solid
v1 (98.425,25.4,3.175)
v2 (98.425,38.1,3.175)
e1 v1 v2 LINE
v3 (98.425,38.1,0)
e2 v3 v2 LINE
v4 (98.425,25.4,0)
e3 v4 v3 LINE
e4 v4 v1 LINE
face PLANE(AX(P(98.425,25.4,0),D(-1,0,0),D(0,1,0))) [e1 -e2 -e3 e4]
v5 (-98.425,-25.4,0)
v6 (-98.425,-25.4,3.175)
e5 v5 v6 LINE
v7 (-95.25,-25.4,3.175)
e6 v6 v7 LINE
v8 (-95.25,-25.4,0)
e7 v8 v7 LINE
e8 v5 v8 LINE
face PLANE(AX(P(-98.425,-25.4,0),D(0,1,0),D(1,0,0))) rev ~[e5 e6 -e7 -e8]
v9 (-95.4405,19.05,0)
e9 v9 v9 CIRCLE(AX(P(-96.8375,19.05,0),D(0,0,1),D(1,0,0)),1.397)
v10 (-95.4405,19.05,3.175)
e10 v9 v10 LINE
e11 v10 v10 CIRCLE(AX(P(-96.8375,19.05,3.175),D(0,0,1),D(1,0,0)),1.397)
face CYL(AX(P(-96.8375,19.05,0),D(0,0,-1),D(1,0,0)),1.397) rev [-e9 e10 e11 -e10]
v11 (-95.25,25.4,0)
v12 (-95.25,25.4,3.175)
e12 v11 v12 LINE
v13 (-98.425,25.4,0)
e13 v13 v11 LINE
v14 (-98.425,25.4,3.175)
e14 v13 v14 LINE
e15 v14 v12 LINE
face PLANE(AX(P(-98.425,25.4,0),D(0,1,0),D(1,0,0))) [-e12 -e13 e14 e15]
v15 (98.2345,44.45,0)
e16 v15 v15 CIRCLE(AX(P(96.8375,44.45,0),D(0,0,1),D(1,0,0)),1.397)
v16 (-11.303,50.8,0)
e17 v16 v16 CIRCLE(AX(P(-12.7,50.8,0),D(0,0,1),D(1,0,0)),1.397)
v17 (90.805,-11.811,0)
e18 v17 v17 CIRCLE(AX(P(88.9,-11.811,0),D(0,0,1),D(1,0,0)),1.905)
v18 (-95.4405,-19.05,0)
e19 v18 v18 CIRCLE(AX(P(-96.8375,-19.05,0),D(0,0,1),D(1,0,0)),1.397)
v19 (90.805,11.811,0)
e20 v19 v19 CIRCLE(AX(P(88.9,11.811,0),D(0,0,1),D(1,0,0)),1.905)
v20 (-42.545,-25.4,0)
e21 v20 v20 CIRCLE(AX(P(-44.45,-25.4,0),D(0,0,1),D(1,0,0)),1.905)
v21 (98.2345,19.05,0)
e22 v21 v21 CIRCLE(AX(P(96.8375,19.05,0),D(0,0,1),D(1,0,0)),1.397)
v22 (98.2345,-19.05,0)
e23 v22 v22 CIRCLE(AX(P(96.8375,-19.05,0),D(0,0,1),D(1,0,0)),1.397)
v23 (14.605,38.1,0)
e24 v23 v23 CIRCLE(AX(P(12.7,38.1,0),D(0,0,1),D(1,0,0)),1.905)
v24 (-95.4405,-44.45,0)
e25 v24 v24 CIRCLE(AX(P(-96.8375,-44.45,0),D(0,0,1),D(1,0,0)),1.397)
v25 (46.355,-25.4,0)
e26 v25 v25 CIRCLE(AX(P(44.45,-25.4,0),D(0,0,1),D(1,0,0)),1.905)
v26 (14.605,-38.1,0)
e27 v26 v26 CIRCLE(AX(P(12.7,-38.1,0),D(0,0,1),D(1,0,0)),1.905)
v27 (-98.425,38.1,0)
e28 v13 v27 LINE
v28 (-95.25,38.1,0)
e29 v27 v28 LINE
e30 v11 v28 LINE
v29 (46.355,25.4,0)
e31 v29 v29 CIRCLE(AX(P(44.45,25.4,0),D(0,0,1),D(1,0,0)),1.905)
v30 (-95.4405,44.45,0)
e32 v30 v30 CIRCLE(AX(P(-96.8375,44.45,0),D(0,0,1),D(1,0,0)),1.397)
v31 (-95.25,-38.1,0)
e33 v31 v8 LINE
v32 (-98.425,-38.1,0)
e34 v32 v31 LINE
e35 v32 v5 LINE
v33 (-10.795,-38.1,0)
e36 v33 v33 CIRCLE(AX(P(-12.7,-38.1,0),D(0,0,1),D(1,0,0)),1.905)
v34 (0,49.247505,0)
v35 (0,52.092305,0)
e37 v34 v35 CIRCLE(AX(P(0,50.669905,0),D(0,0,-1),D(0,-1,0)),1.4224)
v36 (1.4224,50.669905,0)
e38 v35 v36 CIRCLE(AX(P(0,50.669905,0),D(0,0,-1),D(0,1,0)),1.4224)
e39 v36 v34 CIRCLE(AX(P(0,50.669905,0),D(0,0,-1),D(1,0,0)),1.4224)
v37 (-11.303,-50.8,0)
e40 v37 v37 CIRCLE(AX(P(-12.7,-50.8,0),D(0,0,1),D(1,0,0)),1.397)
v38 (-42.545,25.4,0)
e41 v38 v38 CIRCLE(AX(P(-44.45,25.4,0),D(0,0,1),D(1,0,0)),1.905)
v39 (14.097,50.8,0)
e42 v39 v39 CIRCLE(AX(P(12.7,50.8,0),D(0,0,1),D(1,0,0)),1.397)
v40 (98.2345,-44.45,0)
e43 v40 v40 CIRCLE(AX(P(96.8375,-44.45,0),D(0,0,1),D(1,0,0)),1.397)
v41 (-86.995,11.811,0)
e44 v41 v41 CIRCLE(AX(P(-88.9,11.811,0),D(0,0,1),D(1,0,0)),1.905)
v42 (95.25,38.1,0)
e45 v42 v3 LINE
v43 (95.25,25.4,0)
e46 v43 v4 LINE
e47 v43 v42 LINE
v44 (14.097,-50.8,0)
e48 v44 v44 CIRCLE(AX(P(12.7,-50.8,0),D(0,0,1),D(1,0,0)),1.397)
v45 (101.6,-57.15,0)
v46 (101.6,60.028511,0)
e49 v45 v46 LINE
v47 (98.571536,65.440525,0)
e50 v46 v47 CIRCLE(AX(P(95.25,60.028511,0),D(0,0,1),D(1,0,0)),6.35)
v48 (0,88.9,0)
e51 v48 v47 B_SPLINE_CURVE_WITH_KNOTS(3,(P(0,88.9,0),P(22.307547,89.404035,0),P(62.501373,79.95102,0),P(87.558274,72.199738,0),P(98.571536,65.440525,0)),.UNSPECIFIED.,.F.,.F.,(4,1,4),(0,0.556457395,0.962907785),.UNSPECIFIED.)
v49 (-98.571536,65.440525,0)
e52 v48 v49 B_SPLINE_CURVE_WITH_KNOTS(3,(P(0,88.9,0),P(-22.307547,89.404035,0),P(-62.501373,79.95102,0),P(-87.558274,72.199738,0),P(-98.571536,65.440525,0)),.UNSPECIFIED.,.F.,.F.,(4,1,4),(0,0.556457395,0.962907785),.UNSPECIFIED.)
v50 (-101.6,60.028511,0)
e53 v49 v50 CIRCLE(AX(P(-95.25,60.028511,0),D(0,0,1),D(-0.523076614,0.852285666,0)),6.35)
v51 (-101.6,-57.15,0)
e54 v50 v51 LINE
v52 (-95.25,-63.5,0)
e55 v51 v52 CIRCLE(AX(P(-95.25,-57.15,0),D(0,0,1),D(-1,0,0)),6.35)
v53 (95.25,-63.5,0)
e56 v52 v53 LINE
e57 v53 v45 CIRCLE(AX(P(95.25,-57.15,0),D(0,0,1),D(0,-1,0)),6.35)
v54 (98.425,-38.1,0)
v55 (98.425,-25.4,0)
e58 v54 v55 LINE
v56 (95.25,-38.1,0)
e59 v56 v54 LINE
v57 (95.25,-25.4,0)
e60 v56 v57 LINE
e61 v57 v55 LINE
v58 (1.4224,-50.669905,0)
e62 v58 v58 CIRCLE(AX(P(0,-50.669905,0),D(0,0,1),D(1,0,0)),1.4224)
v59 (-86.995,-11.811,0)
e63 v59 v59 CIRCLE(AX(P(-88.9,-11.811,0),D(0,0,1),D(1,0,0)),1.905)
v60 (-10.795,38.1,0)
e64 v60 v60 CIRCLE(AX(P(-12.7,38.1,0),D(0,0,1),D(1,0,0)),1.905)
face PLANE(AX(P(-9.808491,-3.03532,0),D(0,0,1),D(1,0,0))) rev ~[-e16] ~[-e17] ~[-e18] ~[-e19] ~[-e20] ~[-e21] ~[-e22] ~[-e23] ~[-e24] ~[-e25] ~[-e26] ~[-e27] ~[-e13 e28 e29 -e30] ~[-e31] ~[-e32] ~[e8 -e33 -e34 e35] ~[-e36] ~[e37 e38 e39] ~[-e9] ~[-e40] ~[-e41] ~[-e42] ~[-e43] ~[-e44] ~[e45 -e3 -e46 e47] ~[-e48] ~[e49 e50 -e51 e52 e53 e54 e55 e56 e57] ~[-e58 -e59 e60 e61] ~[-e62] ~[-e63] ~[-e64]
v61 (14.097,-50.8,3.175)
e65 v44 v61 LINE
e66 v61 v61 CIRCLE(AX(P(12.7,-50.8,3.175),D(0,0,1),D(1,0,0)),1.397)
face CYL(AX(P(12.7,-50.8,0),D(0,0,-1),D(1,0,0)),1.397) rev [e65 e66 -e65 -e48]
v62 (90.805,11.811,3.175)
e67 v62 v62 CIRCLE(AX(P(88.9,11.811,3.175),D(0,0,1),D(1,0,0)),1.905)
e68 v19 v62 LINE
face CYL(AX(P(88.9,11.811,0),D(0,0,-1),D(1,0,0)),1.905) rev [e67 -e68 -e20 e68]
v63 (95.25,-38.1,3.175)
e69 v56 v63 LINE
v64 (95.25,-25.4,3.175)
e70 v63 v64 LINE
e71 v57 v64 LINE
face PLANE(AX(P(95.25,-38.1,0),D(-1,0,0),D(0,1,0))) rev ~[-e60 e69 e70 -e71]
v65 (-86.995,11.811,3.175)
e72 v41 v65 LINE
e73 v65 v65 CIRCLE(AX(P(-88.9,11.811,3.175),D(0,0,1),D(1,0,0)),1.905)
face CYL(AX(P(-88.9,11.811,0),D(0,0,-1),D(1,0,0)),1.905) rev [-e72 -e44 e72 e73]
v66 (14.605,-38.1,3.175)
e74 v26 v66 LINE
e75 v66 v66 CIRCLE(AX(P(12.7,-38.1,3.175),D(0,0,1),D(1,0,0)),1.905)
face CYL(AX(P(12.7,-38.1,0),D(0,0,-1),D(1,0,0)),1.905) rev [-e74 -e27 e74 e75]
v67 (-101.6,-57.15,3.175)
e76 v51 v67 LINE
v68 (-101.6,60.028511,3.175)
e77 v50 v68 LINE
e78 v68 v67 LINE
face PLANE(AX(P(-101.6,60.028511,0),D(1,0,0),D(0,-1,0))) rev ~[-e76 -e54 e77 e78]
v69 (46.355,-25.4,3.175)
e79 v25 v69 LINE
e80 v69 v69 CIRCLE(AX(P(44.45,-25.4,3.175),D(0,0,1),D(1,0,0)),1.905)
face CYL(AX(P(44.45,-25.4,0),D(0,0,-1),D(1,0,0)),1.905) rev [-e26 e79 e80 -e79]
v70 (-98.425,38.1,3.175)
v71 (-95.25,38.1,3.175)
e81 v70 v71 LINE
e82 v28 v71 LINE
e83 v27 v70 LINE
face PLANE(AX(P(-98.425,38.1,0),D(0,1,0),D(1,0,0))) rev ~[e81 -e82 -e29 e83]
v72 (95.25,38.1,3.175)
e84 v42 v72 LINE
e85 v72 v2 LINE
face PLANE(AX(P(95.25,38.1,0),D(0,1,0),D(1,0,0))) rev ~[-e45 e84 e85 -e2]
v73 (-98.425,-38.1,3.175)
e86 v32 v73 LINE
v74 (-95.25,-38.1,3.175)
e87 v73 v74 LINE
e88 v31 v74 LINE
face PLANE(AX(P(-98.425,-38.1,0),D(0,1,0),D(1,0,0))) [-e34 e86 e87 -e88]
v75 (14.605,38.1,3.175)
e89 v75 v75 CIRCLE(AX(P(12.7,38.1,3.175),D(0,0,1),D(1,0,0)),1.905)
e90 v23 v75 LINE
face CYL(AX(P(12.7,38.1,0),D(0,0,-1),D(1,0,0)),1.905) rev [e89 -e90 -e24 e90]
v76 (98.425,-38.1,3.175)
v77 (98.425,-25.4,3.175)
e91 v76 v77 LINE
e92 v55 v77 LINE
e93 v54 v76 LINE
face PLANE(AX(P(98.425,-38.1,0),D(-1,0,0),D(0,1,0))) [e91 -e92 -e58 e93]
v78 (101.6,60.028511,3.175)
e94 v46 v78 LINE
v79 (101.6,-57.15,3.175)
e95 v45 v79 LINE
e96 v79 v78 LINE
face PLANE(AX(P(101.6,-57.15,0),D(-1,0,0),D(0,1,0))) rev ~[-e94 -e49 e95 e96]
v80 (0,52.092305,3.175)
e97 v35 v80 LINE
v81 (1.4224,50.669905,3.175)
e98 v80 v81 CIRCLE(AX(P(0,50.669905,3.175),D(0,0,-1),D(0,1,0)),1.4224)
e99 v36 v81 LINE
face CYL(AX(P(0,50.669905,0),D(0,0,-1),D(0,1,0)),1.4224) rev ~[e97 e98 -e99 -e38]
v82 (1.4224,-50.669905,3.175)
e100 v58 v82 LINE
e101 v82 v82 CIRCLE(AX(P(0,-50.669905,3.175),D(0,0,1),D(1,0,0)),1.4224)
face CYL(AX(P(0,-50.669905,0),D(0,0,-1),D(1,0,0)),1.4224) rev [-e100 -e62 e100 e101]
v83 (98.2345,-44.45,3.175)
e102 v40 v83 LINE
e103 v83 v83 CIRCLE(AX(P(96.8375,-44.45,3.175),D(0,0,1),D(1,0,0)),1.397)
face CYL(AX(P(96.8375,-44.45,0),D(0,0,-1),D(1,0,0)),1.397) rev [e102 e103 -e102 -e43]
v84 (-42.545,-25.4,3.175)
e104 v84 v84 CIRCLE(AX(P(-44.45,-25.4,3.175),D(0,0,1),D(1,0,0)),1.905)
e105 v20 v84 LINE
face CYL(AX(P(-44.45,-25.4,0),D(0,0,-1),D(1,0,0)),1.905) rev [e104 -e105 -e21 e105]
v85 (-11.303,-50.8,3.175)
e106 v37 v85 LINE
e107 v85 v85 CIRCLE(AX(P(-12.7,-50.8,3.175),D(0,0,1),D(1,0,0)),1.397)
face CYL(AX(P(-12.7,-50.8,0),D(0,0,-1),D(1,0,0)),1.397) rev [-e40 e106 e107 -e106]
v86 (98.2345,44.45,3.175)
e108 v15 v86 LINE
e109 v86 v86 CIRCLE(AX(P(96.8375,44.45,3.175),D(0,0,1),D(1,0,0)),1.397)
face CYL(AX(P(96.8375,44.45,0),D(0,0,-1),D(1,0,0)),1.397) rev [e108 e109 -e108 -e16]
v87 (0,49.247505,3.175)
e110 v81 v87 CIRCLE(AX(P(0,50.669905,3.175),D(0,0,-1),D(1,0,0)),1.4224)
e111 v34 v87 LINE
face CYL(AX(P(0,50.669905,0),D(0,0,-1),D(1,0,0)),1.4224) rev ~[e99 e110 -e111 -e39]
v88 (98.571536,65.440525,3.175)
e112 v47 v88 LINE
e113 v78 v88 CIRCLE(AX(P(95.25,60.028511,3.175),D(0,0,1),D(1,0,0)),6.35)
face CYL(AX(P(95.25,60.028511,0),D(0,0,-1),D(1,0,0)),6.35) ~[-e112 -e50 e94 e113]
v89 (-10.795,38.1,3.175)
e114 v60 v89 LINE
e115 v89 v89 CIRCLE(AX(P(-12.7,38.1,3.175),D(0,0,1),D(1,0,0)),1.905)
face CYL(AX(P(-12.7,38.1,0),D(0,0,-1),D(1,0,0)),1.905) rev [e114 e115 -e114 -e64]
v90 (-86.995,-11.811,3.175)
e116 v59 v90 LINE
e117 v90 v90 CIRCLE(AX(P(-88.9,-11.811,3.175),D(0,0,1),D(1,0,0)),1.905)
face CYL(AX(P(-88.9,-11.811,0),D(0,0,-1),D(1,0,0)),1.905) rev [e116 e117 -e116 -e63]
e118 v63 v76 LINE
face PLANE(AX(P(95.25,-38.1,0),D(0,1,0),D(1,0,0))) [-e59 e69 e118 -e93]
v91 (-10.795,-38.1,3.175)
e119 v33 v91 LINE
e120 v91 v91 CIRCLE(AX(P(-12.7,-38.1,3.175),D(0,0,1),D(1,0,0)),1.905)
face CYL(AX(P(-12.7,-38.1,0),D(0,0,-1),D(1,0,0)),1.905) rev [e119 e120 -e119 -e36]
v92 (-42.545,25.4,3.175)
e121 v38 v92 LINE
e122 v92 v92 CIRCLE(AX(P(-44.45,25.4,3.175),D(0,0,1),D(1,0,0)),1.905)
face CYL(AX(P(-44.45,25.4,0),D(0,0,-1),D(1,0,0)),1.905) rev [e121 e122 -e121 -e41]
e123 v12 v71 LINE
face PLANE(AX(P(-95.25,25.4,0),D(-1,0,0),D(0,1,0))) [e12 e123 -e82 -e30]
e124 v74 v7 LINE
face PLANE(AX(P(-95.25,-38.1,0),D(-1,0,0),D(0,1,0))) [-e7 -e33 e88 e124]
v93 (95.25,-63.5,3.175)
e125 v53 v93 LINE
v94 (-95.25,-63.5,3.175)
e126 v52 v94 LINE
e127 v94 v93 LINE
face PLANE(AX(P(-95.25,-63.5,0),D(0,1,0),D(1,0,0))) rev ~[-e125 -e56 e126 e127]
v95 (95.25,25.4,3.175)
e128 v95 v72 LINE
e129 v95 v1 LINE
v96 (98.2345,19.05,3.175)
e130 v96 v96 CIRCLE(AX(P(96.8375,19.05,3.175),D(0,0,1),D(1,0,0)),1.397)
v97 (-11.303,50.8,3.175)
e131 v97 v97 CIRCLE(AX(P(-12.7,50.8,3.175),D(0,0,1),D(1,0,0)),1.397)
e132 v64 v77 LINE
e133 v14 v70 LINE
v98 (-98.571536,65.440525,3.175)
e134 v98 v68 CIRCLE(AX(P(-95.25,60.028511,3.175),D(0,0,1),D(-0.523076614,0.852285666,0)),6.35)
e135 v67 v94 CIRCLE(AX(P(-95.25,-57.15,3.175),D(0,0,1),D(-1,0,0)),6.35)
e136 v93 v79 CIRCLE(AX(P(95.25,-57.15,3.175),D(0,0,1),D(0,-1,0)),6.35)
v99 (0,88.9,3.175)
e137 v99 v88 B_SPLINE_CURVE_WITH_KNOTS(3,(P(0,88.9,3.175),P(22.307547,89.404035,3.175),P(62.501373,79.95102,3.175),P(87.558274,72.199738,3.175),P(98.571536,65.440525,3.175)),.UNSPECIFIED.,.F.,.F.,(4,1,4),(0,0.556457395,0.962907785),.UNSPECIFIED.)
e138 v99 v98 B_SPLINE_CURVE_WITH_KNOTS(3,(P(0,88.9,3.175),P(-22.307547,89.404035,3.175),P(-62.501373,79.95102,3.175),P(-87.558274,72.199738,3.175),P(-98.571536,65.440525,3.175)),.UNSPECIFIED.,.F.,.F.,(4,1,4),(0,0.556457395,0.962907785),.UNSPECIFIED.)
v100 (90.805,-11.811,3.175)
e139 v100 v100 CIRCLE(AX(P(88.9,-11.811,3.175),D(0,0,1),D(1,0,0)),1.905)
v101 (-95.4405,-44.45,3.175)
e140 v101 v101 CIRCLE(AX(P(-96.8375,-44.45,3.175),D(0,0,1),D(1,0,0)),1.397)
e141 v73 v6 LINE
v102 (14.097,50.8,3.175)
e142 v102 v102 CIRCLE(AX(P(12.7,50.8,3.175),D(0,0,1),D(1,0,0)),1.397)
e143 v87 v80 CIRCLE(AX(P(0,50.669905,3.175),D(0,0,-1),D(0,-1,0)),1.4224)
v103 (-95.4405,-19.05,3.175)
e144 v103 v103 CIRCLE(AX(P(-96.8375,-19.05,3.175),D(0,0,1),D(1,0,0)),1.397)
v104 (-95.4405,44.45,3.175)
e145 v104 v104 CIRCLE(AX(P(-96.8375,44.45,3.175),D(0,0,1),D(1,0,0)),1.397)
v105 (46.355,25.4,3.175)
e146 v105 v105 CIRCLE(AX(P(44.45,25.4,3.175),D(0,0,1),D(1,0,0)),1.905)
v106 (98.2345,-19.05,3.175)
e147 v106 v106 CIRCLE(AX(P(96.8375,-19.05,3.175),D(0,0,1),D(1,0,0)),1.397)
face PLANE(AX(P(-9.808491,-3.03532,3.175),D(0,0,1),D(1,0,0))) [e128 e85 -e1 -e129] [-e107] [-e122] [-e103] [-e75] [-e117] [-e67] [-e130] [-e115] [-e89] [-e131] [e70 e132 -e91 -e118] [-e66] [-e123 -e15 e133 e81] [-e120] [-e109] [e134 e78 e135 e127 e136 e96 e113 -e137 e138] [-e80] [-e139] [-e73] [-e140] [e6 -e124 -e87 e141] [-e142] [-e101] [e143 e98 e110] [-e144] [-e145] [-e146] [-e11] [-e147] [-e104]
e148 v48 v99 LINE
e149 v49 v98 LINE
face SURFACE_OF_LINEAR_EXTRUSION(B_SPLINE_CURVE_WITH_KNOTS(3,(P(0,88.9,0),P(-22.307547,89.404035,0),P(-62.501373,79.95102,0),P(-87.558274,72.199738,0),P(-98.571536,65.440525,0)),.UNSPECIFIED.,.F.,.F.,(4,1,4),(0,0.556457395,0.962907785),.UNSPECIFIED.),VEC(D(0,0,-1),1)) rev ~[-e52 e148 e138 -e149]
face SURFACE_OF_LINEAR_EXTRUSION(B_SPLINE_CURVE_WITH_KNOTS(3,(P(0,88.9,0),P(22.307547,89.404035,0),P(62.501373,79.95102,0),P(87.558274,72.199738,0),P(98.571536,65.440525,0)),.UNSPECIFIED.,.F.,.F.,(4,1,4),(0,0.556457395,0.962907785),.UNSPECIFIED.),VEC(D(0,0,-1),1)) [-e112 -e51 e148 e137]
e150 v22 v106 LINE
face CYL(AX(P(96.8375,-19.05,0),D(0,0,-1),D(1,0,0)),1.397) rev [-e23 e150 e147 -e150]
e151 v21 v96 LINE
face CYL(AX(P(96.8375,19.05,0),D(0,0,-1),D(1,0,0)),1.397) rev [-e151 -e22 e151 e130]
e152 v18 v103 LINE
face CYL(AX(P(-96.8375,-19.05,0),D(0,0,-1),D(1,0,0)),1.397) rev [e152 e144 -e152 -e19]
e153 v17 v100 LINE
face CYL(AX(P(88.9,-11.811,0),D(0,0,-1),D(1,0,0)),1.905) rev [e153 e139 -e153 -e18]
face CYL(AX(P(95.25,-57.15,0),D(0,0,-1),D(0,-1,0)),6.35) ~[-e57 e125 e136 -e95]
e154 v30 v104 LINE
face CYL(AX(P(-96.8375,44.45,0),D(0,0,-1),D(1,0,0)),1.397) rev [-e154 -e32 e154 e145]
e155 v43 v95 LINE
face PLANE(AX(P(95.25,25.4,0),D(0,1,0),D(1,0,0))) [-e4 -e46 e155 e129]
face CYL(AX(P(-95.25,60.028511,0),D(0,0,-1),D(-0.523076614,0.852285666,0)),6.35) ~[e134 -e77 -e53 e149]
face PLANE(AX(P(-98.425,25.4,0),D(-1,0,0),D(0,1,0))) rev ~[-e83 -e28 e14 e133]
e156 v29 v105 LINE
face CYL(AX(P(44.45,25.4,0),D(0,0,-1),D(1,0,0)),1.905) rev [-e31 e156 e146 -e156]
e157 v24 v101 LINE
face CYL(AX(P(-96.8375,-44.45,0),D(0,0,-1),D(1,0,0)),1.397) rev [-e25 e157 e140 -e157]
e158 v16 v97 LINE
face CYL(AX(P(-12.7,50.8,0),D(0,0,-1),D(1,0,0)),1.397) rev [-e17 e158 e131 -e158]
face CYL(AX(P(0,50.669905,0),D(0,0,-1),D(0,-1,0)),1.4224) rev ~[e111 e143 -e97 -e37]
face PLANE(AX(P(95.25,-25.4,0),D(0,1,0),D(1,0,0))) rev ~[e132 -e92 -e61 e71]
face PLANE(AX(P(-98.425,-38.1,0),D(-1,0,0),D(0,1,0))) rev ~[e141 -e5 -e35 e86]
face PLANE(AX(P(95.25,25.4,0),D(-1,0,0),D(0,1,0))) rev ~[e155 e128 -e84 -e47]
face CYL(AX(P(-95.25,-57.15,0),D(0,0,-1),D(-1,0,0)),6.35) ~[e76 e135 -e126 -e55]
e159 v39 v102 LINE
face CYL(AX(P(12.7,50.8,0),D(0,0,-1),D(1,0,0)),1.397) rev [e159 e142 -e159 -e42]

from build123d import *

# Parameters (mm, degrees)
F0_R     = 1.397
F0_W     = 3.175
F0_H     = 12.7
F0_R_2   = 1.4224
F0_R_3   = 1.905
F1_DEPTH = 3.175


with BuildPart() as f1:
    # F0 (on Top) → F1 (new body)
    with BuildSketch(Plane.XY):
        with BuildLine():
            Line((-95.25, -63.5), (95.25, -63.5))
            ThreePointArc((95.25, -63.5), (99.7401280605, -61.6401280605), (101.6, -57.15))
            Line((101.6, -57.15), (101.6, 0))
            Line((101.6, 0), (0, 0))
            Line((0, 0), (0, 49.2475047983))
            ThreePointArc((0, 49.2475047983), (-1.4224, 50.6699047983), (0, 52.0923047983))
            Line((0, 52.0923047983), (0, 88.9))
            add(Edge.make_bspline(
                [(0, 88.9), (-22.307546719, 89.4040349064), (-62.5013734253, 79.9510204746), (-87.5582739582, 72.1997381186), (-98.5715364978, 65.4405254416)],
                knots=[0, 0, 0, 0, 0.5564573949, 0.9629077854, 0.9629077854, 0.9629077854, 0.9629077854], degree=3))
            ThreePointArc((-98.5715364978, 65.4405254416), (-100.7914013012, 63.1293777332), (-101.6, 60.028511464))
            Line((-101.6, 60.028511464), (-101.6, -57.15))
            ThreePointArc((-101.6, -57.15), (-99.7401280605, -61.6401280605), (-95.25, -63.5))
        make_face()
        with Locations((-96.8375, -44.45)):
            Circle(F0_R, mode=Mode.SUBTRACT)
        with Locations((-96.8375, -31.75)):
            Rectangle(F0_W, F0_H, mode=Mode.SUBTRACT)
        with Locations((-12.7, -50.8)):
            Circle(F0_R, mode=Mode.SUBTRACT)
        with Locations((0, -50.6699047983)):
            Circle(F0_R_2, mode=Mode.SUBTRACT)
        with Locations((-44.45, -25.4)):
            Circle(F0_R_3, mode=Mode.SUBTRACT)
        with Locations((-12.7, -38.1)):
            Circle(F0_R_3, mode=Mode.SUBTRACT)
        with Locations((-96.8375, -19.05)):
            Circle(F0_R, mode=Mode.SUBTRACT)
        with Locations((-88.9, -11.811)):
            Circle(F0_R_3, mode=Mode.SUBTRACT)
        with Locations((-88.9, 11.811)):
            Circle(F0_R_3, mode=Mode.SUBTRACT)
        with Locations((12.7, -50.8)):
            Circle(F0_R, mode=Mode.SUBTRACT)
        with Locations((12.7, -38.1)):
            Circle(F0_R_3, mode=Mode.SUBTRACT)
        with Locations((44.45, -25.4)):
            Circle(F0_R_3, mode=Mode.SUBTRACT)
        with Locations((96.8375, -44.45)):
            Circle(F0_R, mode=Mode.SUBTRACT)
        with Locations((96.8375, -31.75)):
            Rectangle(F0_W, F0_H, mode=Mode.SUBTRACT)
        with Locations((96.8375, -19.05)):
            Circle(F0_R, mode=Mode.SUBTRACT)
        with Locations((88.9, -11.811)):
            Circle(F0_R_3, mode=Mode.SUBTRACT)
        with Locations((-96.8375, 19.05)):
            Circle(F0_R, mode=Mode.SUBTRACT)
        with Locations((-96.8375, 31.75)):
            Rectangle(F0_W, F0_H, mode=Mode.SUBTRACT)
        with Locations((-96.8375, 44.45)):
            Circle(F0_R, mode=Mode.SUBTRACT)
        with Locations((-44.45, 25.4)):
            Circle(F0_R_3, mode=Mode.SUBTRACT)
        with Locations((-12.7, 38.1)):
            Circle(F0_R_3, mode=Mode.SUBTRACT)
        with Locations((-12.7, 50.8)):
            Circle(F0_R, mode=Mode.SUBTRACT)
        with BuildLine():
            Line((0, 0), (101.6, 0))
            Line((101.6, 0), (101.6, 60.028511464))
            ThreePointArc((101.6, 60.028511464), (100.7914013012, 63.1293777332), (98.5715364978, 65.4405254416))
            add(Edge.make_bspline(
                [(0, 88.9), (22.307546719, 89.4040349064), (62.5013734253, 79.9510204746), (87.5582739582, 72.1997381186), (98.5715364978, 65.4405254416)],
                knots=[0, 0, 0, 0, 0.5564573949, 0.9629077854, 0.9629077854, 0.9629077854, 0.9629077854], degree=3))
            Line((0, 88.9), (0, 52.0923047983))
            ThreePointArc((0, 52.0923047983), (1.0057886856, 51.6756934838), (1.4224, 50.6699047983))
            ThreePointArc((1.4224, 50.6699047983), (1.0057886856, 49.6641161127), (0, 49.2475047983))
            Line((0, 49.2475047983), (0, 0))
        make_face()
        with Locations((88.9, 11.811)):
            Circle(F0_R_3, mode=Mode.SUBTRACT)
        with Locations((44.45, 25.4)):
            Circle(F0_R_3, mode=Mode.SUBTRACT)
        with Locations((12.7, 38.1)):
            Circle(F0_R_3, mode=Mode.SUBTRACT)
        with Locations((12.7, 50.8)):
            Circle(F0_R, mode=Mode.SUBTRACT)
        with Locations((96.8375, 19.05)):
            Circle(F0_R, mode=Mode.SUBTRACT)
        with Locations((96.8375, 31.75)):
            Rectangle(F0_W, F0_H, mode=Mode.SUBTRACT)
        with Locations((96.8375, 44.45)):
            Circle(F0_R, mode=Mode.SUBTRACT)
    extrude(amount=F1_DEPTH)


solid = f1.part
